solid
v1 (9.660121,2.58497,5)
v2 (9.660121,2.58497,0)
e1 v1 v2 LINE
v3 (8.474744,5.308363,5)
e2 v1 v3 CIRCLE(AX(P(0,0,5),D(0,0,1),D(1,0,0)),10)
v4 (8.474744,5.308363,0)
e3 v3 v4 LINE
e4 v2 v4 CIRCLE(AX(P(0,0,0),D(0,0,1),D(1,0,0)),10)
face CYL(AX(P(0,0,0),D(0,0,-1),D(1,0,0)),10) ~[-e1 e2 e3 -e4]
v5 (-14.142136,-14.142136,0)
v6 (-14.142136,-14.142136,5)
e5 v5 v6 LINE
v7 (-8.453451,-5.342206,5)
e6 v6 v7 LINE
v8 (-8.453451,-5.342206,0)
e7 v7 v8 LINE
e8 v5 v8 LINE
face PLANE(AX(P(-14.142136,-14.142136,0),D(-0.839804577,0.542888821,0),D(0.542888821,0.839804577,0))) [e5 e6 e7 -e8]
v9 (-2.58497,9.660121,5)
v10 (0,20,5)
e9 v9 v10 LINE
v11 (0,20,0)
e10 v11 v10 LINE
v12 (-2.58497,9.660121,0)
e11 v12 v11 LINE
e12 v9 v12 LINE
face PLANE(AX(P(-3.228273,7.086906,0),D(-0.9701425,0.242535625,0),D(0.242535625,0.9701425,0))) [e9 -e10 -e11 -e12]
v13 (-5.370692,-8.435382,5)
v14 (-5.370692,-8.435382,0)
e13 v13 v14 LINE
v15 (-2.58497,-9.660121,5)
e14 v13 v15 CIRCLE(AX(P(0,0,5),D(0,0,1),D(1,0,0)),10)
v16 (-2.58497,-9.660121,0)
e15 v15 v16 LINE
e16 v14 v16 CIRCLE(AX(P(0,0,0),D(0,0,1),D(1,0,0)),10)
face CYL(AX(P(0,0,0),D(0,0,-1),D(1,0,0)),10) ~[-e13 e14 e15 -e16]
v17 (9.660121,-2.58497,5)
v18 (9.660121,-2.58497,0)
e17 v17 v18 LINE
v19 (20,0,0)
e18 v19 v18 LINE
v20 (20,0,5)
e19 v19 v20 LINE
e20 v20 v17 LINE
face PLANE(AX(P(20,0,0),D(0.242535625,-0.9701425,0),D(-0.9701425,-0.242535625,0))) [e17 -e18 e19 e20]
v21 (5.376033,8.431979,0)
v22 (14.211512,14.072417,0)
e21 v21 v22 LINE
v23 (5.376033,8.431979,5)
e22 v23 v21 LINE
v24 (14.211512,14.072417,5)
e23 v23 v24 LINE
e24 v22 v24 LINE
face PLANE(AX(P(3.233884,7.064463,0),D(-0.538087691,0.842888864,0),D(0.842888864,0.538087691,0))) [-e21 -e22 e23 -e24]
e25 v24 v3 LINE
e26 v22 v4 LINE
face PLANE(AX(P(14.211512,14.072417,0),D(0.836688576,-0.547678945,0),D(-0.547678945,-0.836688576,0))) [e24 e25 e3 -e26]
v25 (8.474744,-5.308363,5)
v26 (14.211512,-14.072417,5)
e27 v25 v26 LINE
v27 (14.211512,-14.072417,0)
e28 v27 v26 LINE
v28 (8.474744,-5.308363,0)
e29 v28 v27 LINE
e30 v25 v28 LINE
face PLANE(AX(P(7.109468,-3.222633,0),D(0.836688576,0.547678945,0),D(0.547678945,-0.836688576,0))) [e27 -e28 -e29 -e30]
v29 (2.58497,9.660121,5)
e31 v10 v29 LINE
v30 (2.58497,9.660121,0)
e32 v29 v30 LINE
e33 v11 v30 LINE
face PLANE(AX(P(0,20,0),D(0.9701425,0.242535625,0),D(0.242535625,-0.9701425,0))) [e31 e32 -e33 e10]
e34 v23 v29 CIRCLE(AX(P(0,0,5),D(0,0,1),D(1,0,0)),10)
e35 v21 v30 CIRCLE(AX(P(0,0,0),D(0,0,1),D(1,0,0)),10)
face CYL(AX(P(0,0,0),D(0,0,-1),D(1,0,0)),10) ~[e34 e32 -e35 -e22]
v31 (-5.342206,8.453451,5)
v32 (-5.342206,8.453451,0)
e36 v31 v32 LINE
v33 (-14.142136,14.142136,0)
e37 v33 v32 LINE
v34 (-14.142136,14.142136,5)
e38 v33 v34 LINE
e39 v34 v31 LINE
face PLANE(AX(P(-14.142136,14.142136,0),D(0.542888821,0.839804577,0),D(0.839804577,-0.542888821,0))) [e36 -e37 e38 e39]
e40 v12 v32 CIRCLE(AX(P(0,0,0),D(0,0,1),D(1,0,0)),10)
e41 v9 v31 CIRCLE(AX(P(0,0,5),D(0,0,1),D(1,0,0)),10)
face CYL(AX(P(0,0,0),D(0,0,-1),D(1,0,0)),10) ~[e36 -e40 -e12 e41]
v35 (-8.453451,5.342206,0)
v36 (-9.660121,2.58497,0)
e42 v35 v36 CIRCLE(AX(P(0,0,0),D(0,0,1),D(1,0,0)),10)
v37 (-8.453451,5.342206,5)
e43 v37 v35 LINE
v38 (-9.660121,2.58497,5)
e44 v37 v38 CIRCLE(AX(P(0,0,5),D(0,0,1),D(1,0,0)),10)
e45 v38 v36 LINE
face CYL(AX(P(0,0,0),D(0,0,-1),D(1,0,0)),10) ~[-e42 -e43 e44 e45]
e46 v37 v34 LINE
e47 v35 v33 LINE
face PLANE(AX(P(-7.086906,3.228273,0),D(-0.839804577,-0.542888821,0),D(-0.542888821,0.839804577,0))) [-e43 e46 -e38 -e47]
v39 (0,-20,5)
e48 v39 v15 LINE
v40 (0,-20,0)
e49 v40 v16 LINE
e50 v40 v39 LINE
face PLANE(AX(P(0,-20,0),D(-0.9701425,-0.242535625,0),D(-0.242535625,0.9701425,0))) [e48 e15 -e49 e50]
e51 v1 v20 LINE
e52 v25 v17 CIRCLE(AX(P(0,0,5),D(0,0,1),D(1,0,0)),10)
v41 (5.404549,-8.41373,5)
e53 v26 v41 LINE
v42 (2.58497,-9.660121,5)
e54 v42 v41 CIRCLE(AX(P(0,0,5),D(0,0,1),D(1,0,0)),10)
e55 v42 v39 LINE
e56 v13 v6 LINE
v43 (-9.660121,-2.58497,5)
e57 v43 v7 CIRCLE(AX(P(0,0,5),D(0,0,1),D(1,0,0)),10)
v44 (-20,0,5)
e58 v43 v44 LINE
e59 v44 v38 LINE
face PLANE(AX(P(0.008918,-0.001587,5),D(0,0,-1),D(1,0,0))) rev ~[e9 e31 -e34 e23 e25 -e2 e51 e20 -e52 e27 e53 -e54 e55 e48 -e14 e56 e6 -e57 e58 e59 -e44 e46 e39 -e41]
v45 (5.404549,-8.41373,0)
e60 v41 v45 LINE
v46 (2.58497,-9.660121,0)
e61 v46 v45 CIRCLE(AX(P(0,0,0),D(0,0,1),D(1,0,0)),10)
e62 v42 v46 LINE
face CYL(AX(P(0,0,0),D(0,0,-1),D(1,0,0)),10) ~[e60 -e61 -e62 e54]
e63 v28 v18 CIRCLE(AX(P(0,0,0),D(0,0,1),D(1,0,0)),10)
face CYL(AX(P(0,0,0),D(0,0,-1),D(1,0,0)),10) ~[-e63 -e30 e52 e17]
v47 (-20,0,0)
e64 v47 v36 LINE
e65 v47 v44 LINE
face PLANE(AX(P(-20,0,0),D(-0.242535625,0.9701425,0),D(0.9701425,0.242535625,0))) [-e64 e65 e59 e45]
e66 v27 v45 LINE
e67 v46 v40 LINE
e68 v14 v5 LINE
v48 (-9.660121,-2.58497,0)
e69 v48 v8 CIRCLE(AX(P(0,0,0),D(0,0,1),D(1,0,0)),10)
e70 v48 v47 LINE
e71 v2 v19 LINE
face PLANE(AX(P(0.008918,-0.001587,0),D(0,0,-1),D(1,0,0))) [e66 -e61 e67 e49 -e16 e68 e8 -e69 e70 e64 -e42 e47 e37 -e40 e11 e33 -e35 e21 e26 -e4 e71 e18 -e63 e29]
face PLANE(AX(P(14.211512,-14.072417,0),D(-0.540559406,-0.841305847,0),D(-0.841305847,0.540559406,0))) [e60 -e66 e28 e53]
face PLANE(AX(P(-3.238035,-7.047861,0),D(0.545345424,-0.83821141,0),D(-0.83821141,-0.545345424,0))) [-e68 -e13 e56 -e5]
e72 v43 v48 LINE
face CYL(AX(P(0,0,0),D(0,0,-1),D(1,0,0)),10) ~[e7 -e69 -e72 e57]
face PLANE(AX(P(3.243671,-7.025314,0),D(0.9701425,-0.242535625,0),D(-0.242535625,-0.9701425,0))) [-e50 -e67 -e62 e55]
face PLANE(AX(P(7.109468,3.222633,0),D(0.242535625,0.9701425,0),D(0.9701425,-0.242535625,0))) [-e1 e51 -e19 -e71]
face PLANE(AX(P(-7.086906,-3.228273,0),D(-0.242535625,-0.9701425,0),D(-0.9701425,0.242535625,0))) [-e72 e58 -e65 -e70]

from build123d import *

# Parameters (mm, degrees)
F0_R     = 10
F1_DEPTH = 5
F2_R     = 0.835
F3_DEPTH = 5.001
F3_TAPER = -3
F5_DEPTH = 5


with BuildPart() as f1:
    # F0 (on Top) → F1 (new body)
    with BuildSketch(Plane.XY):
        Circle(F0_R)
    extrude(amount=F1_DEPTH)

    # F2 (on face) → F3 (cut, through all)
    with BuildSketch(Plane.XY.offset(5)):
        Circle(F2_R)
    extrude(amount=-F3_DEPTH, taper=F3_TAPER, mode=Mode.SUBTRACT)

    # F4 (on face) → F5 (join)
    with BuildSketch(Plane(origin=(0, 0, 0), x_dir=(1, 0, 0), z_dir=(0, 0, -1))):
        Polygon((0, 20), (-3.2380346414, 7.0478614342), (-14.1421356237, 14.1421356237), (-7.0869063945, 3.2282734014), (-20, 0), (-7.0869063945, -3.2282734014), (-14.1421356237, -14.1421356237), (-3.2282734014, -7.0869063945), (0, -20), (3.2338841378, -7.0644634487), (14.21151183, -14.0724174009), (7.1094684771, -3.2226328807), (20, 0), (7.1094684771, 3.2226328807), (14.21151183, 14.0724174009), (3.2436714877, 7.0253140492), align=None)
    extrude(amount=-F5_DEPTH)


solid = f1.part
